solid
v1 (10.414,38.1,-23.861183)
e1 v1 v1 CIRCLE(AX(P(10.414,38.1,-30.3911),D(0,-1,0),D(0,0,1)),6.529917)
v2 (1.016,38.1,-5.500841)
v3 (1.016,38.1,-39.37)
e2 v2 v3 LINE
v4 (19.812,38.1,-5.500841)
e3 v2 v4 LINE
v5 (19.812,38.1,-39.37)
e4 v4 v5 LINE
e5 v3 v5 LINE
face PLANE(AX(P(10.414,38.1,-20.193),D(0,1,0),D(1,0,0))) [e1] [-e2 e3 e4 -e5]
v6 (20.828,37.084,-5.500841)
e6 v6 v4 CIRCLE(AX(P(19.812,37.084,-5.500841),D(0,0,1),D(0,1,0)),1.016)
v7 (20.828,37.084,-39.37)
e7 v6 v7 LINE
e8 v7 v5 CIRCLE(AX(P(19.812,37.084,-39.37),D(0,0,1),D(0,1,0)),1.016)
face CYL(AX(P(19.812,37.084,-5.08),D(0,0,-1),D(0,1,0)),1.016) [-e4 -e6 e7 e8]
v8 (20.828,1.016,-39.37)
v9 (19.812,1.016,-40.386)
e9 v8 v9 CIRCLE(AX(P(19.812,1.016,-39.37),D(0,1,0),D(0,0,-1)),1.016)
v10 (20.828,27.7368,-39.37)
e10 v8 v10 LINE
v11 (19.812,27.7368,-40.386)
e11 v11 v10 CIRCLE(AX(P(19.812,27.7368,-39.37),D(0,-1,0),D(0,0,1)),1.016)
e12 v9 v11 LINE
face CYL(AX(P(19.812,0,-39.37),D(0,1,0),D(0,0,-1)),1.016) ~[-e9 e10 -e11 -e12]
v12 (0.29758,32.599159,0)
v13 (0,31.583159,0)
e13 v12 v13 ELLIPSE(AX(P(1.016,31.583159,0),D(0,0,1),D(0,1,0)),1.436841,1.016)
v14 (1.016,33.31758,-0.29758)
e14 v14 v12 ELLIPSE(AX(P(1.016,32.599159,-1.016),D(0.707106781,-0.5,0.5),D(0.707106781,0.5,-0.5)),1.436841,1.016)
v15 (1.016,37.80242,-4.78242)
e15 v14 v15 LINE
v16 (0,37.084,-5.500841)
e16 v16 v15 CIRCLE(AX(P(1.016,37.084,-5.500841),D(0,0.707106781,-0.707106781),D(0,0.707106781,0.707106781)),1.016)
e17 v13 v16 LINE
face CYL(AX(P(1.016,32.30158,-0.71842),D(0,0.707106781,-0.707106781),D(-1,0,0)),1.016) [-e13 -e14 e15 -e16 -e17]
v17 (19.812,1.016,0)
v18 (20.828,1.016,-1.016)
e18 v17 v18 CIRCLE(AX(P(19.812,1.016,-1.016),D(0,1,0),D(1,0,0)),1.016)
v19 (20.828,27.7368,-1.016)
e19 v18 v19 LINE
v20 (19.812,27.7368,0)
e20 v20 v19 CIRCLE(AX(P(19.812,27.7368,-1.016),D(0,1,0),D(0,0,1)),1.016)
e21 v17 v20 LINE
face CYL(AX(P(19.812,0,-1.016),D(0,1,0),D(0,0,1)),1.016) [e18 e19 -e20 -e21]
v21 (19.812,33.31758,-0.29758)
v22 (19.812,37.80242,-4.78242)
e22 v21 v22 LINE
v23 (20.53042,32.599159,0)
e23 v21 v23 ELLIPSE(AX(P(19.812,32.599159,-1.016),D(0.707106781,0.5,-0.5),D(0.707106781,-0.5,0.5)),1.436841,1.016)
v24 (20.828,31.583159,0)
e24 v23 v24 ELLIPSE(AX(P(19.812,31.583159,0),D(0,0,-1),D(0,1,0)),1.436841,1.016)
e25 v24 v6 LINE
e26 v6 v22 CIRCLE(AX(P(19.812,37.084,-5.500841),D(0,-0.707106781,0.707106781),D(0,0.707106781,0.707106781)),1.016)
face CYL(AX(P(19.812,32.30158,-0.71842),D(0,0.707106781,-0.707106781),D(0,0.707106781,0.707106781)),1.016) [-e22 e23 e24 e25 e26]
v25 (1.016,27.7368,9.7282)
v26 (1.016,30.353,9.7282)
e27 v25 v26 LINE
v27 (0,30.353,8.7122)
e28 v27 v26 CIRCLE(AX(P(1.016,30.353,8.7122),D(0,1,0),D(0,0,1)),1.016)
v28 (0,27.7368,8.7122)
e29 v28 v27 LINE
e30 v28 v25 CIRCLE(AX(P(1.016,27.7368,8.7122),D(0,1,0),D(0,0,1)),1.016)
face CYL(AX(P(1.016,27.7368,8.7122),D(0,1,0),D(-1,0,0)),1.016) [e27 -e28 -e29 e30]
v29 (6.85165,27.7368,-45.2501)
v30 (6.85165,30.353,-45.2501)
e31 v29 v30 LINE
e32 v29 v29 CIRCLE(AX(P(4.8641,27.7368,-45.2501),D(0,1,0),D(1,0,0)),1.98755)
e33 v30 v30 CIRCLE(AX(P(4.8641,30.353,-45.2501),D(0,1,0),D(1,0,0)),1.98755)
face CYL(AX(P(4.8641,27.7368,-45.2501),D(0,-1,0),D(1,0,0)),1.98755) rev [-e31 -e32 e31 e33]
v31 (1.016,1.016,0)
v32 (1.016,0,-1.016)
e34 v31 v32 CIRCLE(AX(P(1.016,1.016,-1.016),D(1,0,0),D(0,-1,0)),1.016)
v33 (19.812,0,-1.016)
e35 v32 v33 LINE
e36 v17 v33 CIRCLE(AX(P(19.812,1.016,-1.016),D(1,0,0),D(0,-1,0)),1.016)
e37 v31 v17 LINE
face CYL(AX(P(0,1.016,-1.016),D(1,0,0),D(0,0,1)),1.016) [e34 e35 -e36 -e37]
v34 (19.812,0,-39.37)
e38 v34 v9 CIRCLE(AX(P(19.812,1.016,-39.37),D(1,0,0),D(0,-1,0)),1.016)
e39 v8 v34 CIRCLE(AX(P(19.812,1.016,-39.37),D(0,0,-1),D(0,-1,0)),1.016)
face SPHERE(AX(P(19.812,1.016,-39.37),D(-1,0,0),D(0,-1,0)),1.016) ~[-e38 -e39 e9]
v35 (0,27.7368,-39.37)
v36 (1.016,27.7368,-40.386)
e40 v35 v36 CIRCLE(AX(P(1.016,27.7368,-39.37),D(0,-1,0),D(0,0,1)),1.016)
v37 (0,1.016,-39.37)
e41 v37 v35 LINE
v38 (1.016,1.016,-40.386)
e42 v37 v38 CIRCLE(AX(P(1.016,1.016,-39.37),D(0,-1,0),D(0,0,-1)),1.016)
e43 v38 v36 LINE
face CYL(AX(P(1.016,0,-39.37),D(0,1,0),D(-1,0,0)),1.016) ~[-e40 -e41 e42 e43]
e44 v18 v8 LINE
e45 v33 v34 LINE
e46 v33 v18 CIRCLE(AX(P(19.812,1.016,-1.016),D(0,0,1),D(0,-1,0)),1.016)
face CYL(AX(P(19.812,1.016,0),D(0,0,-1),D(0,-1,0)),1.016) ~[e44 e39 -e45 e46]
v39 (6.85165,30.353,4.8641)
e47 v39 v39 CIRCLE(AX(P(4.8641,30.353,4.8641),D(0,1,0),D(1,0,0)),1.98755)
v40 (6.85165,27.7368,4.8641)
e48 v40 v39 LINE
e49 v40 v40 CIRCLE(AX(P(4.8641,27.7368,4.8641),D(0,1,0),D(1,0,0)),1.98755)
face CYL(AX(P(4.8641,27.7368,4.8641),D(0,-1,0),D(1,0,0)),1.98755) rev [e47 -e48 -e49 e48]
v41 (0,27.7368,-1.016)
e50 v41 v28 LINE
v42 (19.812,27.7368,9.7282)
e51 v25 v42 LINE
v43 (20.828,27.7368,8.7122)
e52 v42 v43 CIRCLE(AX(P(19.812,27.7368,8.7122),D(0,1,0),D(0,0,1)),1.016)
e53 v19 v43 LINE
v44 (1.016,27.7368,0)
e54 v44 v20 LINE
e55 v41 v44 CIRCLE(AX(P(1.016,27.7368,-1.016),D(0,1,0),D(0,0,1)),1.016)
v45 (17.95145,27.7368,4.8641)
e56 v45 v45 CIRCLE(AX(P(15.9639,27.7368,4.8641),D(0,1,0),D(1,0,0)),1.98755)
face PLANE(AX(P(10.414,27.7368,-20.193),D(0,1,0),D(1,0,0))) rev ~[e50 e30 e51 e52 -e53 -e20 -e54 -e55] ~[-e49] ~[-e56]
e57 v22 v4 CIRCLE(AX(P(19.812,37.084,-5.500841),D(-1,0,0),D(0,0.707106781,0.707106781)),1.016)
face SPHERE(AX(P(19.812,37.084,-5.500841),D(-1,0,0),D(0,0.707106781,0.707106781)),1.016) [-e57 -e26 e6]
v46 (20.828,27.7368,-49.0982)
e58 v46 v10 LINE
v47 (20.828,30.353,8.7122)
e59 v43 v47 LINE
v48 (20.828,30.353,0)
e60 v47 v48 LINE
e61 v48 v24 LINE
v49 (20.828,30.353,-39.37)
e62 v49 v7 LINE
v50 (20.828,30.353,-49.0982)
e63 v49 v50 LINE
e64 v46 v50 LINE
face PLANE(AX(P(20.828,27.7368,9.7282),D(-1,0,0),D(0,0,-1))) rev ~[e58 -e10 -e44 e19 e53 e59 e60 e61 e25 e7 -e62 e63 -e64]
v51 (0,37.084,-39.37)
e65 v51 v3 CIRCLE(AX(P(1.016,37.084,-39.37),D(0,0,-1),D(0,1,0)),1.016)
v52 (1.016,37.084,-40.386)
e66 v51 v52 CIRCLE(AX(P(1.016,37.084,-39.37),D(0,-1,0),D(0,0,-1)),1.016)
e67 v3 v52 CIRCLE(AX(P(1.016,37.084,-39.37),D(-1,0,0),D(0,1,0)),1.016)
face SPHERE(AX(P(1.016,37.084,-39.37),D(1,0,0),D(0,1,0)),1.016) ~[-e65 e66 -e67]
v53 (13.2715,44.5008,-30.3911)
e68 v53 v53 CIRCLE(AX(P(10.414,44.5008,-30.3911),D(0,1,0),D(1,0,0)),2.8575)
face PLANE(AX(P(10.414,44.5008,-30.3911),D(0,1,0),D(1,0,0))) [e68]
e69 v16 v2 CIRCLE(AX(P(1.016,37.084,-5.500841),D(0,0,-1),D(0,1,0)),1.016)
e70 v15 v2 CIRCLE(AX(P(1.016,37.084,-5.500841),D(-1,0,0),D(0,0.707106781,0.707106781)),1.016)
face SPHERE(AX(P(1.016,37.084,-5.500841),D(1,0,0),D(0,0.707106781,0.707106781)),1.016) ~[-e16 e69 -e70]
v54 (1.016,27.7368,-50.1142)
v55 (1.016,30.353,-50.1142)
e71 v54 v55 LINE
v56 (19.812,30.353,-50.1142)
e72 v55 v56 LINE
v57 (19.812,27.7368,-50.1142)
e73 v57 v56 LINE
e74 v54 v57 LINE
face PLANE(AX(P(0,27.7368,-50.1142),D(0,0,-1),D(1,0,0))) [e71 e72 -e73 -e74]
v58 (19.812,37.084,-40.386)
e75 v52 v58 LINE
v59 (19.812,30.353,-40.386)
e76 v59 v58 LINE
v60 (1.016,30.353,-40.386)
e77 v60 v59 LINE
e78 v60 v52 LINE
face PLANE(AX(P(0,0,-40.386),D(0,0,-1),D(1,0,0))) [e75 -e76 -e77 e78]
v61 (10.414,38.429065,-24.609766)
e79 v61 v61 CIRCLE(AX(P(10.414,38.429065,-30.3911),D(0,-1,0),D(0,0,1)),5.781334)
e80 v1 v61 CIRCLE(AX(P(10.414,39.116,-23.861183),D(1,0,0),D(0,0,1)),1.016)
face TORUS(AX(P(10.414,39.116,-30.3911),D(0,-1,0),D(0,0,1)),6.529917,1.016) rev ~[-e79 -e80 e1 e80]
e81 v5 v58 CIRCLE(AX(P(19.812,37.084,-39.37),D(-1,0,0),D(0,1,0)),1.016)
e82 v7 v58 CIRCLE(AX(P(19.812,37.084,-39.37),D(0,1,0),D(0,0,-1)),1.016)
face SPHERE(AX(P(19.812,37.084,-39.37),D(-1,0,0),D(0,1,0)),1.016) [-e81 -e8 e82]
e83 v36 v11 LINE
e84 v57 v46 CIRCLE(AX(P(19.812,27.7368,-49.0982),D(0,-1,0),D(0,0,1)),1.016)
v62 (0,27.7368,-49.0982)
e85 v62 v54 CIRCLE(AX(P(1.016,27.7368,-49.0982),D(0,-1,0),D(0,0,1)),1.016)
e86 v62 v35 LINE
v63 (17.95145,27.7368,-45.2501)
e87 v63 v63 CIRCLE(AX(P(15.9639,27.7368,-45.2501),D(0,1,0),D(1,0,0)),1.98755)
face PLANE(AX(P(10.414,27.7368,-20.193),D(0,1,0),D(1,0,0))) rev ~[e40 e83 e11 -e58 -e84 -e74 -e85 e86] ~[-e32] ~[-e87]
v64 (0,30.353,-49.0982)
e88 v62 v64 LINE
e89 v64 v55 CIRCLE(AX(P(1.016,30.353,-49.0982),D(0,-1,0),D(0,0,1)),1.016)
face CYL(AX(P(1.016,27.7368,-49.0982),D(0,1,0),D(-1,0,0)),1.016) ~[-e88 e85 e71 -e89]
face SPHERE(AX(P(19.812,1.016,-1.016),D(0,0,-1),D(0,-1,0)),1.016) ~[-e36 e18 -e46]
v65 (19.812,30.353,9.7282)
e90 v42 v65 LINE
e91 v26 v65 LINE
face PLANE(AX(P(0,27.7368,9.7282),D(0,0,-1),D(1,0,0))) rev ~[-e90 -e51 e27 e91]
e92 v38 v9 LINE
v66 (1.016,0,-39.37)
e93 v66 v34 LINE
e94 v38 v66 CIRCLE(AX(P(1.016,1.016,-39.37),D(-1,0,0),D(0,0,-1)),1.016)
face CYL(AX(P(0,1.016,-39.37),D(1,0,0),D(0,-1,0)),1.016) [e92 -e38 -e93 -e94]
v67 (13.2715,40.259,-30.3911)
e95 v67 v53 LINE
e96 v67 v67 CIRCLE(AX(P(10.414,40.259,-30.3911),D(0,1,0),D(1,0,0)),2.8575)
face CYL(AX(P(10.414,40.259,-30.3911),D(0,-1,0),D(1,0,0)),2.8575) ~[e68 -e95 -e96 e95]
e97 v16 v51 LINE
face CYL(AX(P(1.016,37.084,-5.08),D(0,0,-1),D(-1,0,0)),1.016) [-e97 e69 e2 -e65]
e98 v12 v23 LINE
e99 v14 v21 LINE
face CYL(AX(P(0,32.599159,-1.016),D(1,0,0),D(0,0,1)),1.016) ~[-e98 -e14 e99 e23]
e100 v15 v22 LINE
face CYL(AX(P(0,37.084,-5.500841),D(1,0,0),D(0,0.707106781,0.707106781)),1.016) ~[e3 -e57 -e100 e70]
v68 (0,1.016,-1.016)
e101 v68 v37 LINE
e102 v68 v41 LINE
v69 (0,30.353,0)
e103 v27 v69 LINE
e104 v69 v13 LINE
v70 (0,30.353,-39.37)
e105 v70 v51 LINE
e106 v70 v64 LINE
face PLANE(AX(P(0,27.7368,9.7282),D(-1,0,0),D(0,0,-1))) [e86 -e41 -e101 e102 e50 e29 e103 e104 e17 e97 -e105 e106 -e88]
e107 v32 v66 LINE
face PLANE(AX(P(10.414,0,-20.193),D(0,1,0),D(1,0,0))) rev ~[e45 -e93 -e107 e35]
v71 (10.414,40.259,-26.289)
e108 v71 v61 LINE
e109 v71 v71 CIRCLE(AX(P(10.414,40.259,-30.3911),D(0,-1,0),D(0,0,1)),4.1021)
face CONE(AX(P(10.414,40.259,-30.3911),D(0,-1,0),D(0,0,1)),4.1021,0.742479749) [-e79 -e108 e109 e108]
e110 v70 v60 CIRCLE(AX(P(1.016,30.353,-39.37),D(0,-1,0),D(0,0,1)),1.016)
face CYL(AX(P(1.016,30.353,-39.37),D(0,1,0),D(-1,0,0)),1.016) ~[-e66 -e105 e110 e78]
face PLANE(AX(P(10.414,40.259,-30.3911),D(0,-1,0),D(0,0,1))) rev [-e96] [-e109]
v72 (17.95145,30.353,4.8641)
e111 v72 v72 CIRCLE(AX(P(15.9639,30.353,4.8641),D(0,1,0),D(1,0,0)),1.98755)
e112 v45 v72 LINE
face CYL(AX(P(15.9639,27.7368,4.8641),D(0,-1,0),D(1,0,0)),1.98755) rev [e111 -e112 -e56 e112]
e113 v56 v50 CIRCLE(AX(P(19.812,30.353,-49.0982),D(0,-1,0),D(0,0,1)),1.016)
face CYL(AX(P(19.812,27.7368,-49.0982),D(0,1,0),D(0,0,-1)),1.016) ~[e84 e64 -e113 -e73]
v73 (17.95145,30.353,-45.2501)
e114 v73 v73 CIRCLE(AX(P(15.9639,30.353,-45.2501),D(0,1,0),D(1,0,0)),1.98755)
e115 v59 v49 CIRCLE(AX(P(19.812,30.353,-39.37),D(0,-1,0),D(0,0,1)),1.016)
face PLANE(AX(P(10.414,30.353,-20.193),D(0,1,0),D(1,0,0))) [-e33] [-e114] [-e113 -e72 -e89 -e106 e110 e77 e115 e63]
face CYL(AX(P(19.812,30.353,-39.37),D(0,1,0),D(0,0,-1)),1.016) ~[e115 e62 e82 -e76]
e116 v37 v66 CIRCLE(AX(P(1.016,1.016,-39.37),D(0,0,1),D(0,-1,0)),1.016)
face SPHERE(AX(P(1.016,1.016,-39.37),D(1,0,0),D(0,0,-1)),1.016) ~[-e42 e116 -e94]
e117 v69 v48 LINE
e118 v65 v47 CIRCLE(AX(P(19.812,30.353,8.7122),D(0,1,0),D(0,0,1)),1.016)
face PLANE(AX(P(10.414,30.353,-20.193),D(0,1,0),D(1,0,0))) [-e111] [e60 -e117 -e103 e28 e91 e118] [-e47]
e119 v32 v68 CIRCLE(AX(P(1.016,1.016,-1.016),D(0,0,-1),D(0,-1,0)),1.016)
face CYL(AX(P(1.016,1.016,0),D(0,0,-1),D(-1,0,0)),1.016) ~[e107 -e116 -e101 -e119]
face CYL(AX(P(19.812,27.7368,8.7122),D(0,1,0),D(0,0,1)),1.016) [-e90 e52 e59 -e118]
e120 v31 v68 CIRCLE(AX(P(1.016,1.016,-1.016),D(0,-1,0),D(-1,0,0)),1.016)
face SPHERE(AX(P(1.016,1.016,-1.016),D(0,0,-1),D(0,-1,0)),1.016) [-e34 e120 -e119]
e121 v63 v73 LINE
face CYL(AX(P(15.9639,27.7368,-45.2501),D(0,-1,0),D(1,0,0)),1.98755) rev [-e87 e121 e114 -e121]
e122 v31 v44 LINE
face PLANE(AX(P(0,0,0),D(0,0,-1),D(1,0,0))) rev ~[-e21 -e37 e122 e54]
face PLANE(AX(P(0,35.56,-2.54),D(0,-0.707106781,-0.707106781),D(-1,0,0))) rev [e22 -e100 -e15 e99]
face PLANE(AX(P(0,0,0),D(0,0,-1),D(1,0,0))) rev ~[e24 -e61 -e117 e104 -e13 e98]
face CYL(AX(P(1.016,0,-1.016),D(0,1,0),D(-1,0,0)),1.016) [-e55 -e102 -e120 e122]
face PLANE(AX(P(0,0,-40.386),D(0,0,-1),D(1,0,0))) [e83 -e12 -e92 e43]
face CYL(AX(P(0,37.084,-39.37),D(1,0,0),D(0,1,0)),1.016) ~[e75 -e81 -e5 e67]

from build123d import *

# Parameters (mm, degrees)
SKETCH1_W           = 20.828
SKETCH1_H           = 40.386
BOSS_EXTRUDE1_DEPTH = 38.1
SKETCH2_W           = 20.828
SKETCH2_H           = 59.8424
SKETCH2_R           = 1.98755
BOSS_EXTRUDE2_DEPTH = 2.6162
SKETCH5_R           = 2.8575
BOSS_EXTRUDE3_DEPTH = 4.2418
CHAMFER1_SIZE       = 5.08
FILLET4_R           = 1.016


with BuildPart() as part:
    # Sketch1 → Boss-Extrude1 (new body)
    with BuildSketch(Plane(origin=(0, 0, 0), x_dir=(1, 0, 0), z_dir=(0, 1, 0))):
        with Locations((10.414, 20.193)):
            Rectangle(SKETCH1_W, SKETCH1_H)
    extrude(amount=BOSS_EXTRUDE1_DEPTH)

    # Sketch2 → Boss-Extrude2 (add)
    with BuildSketch(Plane(origin=(0, 27.7368, 0), x_dir=(1, 0, 0), z_dir=(0, 1, 0))):
        with Locations((10.414, 20.193)):
            Rectangle(SKETCH2_W, SKETCH2_H)
        with Locations((4.8641, 45.2501)):
            Circle(SKETCH2_R, mode=Mode.SUBTRACT)
        with Locations((15.9639, 45.2501)):
            Circle(SKETCH2_R, mode=Mode.SUBTRACT)
        with Locations((15.9639, -4.8641)):
            Circle(SKETCH2_R, mode=Mode.SUBTRACT)
        with Locations((4.8641, -4.8641)):
            Circle(SKETCH2_R, mode=Mode.SUBTRACT)
    extrude(amount=BOSS_EXTRUDE2_DEPTH)

    # Sketch4 → Revolve1 (revolve)
    with BuildSketch(Plane(origin=(10.414, 0, 0), x_dir=(0, 0, -1), z_dir=(1, 0, 0))):
        Polygon((30.3911, 40.259), (26.289, 40.259), (24.3078, 38.1), (30.3911, 38.1), align=None)
    revolve(axis=Axis((10.414, 40.259, -30.3911), (0, -1, 0)))

    # Sketch5 → Boss-Extrude3 (add)
    with BuildSketch(Plane(origin=(0, 40.259, 0), x_dir=(1, 0, 0), z_dir=(0, 1, 0))):
        with Locations((10.414, 30.3911)):
            Circle(SKETCH5_R)
    extrude(amount=BOSS_EXTRUDE3_DEPTH)

    # Chamfer1
    chamfer1_edges = [part.edges().sort_by_distance(p)[0] for p in [
        (10.414, 38.1, 0),
    ]]
    chamfer(chamfer1_edges, length=CHAMFER1_SIZE)

    # Fillet4
    fillet4_edges = [part.edges().sort_by_distance(p)[0] for p in [
        (10.414, 38.1, -40.386),
        (20.828, 38.1, -22.733),
        (0, 38.1, -22.733),
        (10.414, 38.1, -36.4744),
        (10.414, 38.1, -5.08),
        (20.828, 35.56, -2.54),
        (10.414, 33.02, 0),
        (0, 35.56, -2.54),
        (10.414, 0, -40.386),
        (0, 13.8684, -40.386),
        (0, 0, -20.193),
        (20.828, 0, -20.193),
        (10.414, 0, 0),
        (20.828, 13.8684, -40.386),
        (0, 13.8684, 0),
        (20.828, 13.8684, 0),
        (0, 34.2265, -40.386),
        (20.828, 34.2265, -40.386),
        (0, 29.0449, 9.7282),
        (20.828, 29.0449, 9.7282),
        (0, 29.0449, -50.1142),
        (20.828, 29.0449, -50.1142),
    ]]
    fillet(fillet4_edges, radius=FILLET4_R)


solid = part.part
